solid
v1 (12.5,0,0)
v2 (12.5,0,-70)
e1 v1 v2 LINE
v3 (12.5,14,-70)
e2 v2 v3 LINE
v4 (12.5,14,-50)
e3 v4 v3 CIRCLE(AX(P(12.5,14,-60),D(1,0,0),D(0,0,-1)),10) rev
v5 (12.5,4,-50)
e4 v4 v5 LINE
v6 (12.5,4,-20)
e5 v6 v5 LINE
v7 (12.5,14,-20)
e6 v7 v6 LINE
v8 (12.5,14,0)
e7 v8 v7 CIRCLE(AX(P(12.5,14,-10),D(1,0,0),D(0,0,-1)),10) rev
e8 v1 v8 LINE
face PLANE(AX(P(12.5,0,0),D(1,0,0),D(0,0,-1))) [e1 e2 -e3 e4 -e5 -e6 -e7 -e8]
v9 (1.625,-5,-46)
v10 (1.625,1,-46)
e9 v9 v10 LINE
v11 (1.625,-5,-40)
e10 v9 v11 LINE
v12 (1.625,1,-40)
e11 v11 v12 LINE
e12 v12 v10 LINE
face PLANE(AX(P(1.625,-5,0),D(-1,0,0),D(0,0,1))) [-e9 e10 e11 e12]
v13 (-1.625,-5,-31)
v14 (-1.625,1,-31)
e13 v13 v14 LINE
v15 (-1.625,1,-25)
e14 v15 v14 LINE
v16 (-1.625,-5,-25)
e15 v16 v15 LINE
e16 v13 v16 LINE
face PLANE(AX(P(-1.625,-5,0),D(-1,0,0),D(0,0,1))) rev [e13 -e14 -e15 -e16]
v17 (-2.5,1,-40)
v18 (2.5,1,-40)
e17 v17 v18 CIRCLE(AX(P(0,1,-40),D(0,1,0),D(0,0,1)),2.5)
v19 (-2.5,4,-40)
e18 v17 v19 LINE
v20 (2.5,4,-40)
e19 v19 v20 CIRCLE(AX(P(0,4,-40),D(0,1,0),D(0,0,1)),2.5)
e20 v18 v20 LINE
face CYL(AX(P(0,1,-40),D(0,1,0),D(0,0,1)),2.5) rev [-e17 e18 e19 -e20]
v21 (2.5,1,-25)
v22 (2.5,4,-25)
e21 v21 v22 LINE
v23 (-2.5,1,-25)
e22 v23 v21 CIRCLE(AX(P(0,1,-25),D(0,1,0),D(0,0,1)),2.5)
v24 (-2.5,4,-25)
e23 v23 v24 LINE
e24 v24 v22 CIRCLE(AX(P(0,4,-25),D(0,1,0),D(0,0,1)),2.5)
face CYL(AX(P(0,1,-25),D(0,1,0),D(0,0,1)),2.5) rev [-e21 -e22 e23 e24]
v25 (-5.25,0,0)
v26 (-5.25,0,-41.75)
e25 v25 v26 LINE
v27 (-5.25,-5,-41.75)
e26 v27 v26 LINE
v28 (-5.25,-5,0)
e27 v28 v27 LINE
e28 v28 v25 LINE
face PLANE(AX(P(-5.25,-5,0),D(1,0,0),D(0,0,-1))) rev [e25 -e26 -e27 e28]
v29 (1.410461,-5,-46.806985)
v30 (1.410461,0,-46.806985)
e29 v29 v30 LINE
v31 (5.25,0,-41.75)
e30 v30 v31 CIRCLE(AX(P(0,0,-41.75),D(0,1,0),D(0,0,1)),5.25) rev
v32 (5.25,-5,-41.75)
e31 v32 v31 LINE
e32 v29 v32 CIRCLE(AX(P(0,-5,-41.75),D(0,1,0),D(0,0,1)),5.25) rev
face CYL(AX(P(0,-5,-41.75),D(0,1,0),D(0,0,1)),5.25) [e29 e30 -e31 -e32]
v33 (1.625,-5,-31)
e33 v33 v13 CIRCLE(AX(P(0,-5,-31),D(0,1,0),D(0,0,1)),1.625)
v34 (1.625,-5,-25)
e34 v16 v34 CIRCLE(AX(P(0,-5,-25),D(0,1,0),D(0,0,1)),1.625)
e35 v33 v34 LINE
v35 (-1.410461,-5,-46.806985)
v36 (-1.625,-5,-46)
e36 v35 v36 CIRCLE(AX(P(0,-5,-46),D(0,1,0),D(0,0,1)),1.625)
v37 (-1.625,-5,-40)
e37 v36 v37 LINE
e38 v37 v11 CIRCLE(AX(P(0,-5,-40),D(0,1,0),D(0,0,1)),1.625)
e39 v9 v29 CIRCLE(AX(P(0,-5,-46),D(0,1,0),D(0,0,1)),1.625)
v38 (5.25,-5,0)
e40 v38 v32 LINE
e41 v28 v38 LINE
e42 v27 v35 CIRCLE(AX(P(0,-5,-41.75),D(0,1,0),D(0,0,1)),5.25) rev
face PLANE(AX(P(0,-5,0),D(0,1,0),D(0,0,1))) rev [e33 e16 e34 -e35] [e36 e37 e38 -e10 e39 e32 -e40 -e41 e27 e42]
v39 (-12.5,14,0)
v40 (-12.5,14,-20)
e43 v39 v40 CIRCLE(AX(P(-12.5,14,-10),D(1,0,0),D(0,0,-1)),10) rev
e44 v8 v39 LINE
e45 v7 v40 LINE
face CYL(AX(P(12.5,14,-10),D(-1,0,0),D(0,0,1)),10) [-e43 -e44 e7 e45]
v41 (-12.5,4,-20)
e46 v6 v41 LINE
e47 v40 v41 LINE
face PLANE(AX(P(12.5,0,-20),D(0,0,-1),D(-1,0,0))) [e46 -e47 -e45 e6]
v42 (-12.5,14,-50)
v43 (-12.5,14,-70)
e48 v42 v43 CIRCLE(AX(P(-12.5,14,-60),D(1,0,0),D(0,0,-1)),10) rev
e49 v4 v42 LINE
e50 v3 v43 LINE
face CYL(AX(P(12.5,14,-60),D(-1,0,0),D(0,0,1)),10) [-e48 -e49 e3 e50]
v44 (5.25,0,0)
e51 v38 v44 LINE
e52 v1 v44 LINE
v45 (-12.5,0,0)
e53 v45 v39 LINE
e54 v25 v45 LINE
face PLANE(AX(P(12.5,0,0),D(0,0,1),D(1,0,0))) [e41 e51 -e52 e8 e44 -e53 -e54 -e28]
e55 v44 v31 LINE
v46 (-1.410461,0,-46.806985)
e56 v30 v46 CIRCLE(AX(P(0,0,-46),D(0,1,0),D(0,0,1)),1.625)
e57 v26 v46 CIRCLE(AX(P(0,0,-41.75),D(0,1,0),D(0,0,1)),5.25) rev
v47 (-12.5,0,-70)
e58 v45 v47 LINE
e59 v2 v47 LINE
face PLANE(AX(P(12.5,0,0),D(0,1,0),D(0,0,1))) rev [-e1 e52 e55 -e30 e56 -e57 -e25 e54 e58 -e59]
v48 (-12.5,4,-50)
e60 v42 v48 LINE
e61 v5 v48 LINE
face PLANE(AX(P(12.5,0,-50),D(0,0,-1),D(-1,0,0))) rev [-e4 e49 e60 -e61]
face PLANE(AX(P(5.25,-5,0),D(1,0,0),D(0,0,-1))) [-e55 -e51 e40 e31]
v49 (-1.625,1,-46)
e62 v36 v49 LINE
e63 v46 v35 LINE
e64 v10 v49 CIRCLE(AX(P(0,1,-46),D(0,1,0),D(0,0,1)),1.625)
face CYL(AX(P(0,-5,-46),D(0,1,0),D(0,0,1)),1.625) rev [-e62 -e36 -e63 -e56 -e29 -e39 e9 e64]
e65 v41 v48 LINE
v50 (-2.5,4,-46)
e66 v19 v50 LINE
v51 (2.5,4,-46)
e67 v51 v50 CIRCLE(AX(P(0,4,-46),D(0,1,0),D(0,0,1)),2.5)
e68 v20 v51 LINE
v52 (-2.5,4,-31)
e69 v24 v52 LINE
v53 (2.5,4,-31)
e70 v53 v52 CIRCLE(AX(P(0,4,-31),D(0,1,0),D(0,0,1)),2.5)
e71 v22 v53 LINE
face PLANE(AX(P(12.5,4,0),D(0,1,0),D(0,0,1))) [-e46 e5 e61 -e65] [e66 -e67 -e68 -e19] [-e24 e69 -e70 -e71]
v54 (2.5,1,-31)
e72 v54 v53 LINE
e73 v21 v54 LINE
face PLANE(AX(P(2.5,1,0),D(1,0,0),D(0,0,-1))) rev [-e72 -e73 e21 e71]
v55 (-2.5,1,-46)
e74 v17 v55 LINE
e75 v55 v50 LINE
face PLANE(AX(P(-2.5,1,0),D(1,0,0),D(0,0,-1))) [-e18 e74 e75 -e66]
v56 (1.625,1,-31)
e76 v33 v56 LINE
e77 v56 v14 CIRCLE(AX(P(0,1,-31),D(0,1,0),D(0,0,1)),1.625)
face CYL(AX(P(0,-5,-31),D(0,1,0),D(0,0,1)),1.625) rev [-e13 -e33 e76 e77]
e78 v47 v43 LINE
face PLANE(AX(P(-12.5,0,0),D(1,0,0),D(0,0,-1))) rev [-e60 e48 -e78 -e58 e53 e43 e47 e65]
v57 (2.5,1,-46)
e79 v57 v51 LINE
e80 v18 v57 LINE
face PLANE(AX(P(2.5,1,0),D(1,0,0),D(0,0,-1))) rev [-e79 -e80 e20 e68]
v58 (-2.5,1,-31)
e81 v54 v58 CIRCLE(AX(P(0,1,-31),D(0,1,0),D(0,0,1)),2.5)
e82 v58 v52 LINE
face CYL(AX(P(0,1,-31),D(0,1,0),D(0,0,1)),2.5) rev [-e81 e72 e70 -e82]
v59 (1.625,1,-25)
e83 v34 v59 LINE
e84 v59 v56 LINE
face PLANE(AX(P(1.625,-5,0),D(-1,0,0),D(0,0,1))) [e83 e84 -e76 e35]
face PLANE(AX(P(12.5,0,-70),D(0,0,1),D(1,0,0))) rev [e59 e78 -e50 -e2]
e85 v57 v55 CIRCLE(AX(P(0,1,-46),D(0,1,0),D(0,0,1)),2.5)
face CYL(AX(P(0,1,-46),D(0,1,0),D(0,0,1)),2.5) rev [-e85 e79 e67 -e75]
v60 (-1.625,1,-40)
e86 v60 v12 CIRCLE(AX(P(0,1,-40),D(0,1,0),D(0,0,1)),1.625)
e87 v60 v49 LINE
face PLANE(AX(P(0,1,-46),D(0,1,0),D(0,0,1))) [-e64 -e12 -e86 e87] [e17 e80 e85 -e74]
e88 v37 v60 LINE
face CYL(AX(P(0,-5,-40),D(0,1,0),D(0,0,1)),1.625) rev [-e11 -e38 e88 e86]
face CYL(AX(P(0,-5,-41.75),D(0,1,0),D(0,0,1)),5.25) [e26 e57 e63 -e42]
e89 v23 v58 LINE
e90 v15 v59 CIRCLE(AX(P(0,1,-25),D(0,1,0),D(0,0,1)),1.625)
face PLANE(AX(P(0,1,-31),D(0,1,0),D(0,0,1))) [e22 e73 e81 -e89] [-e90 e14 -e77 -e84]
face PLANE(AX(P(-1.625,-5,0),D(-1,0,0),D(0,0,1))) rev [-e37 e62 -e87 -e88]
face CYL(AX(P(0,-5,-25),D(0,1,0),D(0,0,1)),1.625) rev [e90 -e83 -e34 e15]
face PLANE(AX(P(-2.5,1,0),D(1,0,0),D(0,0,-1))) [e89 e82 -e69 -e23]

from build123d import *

# Parameters (mm, degrees)
BOSS_EXTRUDE1_DEPTH     = 12.5
SKETCH2_W               = 10.5
SKETCH2_H               = 41.75
BOSS_EXTRUDE2_DEPTH     = 5
CUT_EXTRUDE1_DEPTH      = 25
CUT_EXTRUDE1_DEPTH_BACK = 6
CUT_EXTRUDE2_START      = 4
CUT_EXTRUDE2_DEPTH      = 3


with BuildPart() as part:
    # Sketch1 → Boss-Extrude1 (new body, symmetric)
    with BuildSketch(Plane(origin=(0, 0, 0), x_dir=(0, 0, -1), z_dir=(1, 0, 0))):
        with BuildLine():
            Line((0, 0), (70, 0))
            Line((70, 0), (70, 14))
            ThreePointArc((70, 14), (60, 24), (50, 14))
            Line((50, 14), (50, 4))
            Line((50, 4), (20, 4))
            Line((20, 4), (20, 14))
            ThreePointArc((20, 14), (10, 24), (0, 14))
            Line((0, 14), (0, 0))
        make_face()
    extrude(amount=BOSS_EXTRUDE1_DEPTH, both=True)

    # Sketch2 → Boss-Extrude2 (add)
    with BuildSketch(Plane(origin=(0, 0, 0), x_dir=(1, 0, 0), z_dir=(0, 1, 0))):
        with BuildLine():
            ThreePointArc((-5.25, 41.75), (0, 47), (5.25, 41.75))
            Line((5.25, 41.75), (-5.25, 41.75))
        make_face()
        with Locations((0, 20.875)):
            Rectangle(SKETCH2_W, SKETCH2_H)
    extrude(amount=-BOSS_EXTRUDE2_DEPTH)

    # Sketch4 → Cut-Extrude1 (cut, two sides)
    with BuildSketch(Plane(origin=(0, 0, 0), x_dir=(1, 0, 0), z_dir=(0, 1, 0))) as cut_extrude1_sk:
        with BuildLine():
            Line((1.625, 31), (1.625, 25))
            ThreePointArc((1.625, 25), (0, 23.375), (-1.625, 25))
            Line((-1.625, 25), (-1.625, 31))
            ThreePointArc((-1.625, 31), (0, 32.625), (1.625, 31))
        make_face()
        with BuildLine():
            Line((1.625, 46), (1.625, 40))
            ThreePointArc((1.625, 40), (0, 38.375), (-1.625, 40))
            Line((-1.625, 40), (-1.625, 46))
            ThreePointArc((-1.625, 46), (0, 47.625), (1.625, 46))
        make_face()
    extrude(amount=CUT_EXTRUDE1_DEPTH, mode=Mode.SUBTRACT)
    extrude(cut_extrude1_sk.sketch, amount=-CUT_EXTRUDE1_DEPTH_BACK, mode=Mode.SUBTRACT)

    # Sketch4<3> → Cut-Extrude2 (cut)
    with BuildSketch(Plane(origin=(0, 0, 0), x_dir=(1, 0, 0), z_dir=(0, 1, 0)).offset(CUT_EXTRUDE2_START)):
        with BuildLine():
            Line((-2.5, 31), (-2.5, 25))
            ThreePointArc((-2.5, 25), (0, 22.5), (2.5, 25))
            Line((2.5, 25), (2.5, 31))
            ThreePointArc((2.5, 31), (0, 33.5), (-2.5, 31))
        make_face()
        with BuildLine():
            ThreePointArc((1.625, 31), (0, 32.625), (-1.625, 31))
            Line((-1.625, 31), (-1.625, 25))
            ThreePointArc((-1.625, 25), (0, 23.375), (1.625, 25))
            Line((1.625, 25), (1.625, 31))
        make_face(mode=Mode.SUBTRACT)
        with BuildLine():
            Line((-2.5, 46), (-2.5, 40))
            ThreePointArc((-2.5, 40), (0, 37.5), (2.5, 40))
            Line((2.5, 40), (2.5, 46))
            ThreePointArc((2.5, 46), (0, 48.5), (-2.5, 46))
        make_face()
        with BuildLine():
            ThreePointArc((1.625, 46), (0, 47.625), (-1.625, 46))
            Line((-1.625, 46), (-1.625, 40))
            ThreePointArc((-1.625, 40), (0, 38.375), (1.625, 40))
            Line((1.625, 40), (1.625, 46))
        make_face(mode=Mode.SUBTRACT)
    extrude(amount=-CUT_EXTRUDE2_DEPTH, mode=Mode.SUBTRACT)


solid = part.part
